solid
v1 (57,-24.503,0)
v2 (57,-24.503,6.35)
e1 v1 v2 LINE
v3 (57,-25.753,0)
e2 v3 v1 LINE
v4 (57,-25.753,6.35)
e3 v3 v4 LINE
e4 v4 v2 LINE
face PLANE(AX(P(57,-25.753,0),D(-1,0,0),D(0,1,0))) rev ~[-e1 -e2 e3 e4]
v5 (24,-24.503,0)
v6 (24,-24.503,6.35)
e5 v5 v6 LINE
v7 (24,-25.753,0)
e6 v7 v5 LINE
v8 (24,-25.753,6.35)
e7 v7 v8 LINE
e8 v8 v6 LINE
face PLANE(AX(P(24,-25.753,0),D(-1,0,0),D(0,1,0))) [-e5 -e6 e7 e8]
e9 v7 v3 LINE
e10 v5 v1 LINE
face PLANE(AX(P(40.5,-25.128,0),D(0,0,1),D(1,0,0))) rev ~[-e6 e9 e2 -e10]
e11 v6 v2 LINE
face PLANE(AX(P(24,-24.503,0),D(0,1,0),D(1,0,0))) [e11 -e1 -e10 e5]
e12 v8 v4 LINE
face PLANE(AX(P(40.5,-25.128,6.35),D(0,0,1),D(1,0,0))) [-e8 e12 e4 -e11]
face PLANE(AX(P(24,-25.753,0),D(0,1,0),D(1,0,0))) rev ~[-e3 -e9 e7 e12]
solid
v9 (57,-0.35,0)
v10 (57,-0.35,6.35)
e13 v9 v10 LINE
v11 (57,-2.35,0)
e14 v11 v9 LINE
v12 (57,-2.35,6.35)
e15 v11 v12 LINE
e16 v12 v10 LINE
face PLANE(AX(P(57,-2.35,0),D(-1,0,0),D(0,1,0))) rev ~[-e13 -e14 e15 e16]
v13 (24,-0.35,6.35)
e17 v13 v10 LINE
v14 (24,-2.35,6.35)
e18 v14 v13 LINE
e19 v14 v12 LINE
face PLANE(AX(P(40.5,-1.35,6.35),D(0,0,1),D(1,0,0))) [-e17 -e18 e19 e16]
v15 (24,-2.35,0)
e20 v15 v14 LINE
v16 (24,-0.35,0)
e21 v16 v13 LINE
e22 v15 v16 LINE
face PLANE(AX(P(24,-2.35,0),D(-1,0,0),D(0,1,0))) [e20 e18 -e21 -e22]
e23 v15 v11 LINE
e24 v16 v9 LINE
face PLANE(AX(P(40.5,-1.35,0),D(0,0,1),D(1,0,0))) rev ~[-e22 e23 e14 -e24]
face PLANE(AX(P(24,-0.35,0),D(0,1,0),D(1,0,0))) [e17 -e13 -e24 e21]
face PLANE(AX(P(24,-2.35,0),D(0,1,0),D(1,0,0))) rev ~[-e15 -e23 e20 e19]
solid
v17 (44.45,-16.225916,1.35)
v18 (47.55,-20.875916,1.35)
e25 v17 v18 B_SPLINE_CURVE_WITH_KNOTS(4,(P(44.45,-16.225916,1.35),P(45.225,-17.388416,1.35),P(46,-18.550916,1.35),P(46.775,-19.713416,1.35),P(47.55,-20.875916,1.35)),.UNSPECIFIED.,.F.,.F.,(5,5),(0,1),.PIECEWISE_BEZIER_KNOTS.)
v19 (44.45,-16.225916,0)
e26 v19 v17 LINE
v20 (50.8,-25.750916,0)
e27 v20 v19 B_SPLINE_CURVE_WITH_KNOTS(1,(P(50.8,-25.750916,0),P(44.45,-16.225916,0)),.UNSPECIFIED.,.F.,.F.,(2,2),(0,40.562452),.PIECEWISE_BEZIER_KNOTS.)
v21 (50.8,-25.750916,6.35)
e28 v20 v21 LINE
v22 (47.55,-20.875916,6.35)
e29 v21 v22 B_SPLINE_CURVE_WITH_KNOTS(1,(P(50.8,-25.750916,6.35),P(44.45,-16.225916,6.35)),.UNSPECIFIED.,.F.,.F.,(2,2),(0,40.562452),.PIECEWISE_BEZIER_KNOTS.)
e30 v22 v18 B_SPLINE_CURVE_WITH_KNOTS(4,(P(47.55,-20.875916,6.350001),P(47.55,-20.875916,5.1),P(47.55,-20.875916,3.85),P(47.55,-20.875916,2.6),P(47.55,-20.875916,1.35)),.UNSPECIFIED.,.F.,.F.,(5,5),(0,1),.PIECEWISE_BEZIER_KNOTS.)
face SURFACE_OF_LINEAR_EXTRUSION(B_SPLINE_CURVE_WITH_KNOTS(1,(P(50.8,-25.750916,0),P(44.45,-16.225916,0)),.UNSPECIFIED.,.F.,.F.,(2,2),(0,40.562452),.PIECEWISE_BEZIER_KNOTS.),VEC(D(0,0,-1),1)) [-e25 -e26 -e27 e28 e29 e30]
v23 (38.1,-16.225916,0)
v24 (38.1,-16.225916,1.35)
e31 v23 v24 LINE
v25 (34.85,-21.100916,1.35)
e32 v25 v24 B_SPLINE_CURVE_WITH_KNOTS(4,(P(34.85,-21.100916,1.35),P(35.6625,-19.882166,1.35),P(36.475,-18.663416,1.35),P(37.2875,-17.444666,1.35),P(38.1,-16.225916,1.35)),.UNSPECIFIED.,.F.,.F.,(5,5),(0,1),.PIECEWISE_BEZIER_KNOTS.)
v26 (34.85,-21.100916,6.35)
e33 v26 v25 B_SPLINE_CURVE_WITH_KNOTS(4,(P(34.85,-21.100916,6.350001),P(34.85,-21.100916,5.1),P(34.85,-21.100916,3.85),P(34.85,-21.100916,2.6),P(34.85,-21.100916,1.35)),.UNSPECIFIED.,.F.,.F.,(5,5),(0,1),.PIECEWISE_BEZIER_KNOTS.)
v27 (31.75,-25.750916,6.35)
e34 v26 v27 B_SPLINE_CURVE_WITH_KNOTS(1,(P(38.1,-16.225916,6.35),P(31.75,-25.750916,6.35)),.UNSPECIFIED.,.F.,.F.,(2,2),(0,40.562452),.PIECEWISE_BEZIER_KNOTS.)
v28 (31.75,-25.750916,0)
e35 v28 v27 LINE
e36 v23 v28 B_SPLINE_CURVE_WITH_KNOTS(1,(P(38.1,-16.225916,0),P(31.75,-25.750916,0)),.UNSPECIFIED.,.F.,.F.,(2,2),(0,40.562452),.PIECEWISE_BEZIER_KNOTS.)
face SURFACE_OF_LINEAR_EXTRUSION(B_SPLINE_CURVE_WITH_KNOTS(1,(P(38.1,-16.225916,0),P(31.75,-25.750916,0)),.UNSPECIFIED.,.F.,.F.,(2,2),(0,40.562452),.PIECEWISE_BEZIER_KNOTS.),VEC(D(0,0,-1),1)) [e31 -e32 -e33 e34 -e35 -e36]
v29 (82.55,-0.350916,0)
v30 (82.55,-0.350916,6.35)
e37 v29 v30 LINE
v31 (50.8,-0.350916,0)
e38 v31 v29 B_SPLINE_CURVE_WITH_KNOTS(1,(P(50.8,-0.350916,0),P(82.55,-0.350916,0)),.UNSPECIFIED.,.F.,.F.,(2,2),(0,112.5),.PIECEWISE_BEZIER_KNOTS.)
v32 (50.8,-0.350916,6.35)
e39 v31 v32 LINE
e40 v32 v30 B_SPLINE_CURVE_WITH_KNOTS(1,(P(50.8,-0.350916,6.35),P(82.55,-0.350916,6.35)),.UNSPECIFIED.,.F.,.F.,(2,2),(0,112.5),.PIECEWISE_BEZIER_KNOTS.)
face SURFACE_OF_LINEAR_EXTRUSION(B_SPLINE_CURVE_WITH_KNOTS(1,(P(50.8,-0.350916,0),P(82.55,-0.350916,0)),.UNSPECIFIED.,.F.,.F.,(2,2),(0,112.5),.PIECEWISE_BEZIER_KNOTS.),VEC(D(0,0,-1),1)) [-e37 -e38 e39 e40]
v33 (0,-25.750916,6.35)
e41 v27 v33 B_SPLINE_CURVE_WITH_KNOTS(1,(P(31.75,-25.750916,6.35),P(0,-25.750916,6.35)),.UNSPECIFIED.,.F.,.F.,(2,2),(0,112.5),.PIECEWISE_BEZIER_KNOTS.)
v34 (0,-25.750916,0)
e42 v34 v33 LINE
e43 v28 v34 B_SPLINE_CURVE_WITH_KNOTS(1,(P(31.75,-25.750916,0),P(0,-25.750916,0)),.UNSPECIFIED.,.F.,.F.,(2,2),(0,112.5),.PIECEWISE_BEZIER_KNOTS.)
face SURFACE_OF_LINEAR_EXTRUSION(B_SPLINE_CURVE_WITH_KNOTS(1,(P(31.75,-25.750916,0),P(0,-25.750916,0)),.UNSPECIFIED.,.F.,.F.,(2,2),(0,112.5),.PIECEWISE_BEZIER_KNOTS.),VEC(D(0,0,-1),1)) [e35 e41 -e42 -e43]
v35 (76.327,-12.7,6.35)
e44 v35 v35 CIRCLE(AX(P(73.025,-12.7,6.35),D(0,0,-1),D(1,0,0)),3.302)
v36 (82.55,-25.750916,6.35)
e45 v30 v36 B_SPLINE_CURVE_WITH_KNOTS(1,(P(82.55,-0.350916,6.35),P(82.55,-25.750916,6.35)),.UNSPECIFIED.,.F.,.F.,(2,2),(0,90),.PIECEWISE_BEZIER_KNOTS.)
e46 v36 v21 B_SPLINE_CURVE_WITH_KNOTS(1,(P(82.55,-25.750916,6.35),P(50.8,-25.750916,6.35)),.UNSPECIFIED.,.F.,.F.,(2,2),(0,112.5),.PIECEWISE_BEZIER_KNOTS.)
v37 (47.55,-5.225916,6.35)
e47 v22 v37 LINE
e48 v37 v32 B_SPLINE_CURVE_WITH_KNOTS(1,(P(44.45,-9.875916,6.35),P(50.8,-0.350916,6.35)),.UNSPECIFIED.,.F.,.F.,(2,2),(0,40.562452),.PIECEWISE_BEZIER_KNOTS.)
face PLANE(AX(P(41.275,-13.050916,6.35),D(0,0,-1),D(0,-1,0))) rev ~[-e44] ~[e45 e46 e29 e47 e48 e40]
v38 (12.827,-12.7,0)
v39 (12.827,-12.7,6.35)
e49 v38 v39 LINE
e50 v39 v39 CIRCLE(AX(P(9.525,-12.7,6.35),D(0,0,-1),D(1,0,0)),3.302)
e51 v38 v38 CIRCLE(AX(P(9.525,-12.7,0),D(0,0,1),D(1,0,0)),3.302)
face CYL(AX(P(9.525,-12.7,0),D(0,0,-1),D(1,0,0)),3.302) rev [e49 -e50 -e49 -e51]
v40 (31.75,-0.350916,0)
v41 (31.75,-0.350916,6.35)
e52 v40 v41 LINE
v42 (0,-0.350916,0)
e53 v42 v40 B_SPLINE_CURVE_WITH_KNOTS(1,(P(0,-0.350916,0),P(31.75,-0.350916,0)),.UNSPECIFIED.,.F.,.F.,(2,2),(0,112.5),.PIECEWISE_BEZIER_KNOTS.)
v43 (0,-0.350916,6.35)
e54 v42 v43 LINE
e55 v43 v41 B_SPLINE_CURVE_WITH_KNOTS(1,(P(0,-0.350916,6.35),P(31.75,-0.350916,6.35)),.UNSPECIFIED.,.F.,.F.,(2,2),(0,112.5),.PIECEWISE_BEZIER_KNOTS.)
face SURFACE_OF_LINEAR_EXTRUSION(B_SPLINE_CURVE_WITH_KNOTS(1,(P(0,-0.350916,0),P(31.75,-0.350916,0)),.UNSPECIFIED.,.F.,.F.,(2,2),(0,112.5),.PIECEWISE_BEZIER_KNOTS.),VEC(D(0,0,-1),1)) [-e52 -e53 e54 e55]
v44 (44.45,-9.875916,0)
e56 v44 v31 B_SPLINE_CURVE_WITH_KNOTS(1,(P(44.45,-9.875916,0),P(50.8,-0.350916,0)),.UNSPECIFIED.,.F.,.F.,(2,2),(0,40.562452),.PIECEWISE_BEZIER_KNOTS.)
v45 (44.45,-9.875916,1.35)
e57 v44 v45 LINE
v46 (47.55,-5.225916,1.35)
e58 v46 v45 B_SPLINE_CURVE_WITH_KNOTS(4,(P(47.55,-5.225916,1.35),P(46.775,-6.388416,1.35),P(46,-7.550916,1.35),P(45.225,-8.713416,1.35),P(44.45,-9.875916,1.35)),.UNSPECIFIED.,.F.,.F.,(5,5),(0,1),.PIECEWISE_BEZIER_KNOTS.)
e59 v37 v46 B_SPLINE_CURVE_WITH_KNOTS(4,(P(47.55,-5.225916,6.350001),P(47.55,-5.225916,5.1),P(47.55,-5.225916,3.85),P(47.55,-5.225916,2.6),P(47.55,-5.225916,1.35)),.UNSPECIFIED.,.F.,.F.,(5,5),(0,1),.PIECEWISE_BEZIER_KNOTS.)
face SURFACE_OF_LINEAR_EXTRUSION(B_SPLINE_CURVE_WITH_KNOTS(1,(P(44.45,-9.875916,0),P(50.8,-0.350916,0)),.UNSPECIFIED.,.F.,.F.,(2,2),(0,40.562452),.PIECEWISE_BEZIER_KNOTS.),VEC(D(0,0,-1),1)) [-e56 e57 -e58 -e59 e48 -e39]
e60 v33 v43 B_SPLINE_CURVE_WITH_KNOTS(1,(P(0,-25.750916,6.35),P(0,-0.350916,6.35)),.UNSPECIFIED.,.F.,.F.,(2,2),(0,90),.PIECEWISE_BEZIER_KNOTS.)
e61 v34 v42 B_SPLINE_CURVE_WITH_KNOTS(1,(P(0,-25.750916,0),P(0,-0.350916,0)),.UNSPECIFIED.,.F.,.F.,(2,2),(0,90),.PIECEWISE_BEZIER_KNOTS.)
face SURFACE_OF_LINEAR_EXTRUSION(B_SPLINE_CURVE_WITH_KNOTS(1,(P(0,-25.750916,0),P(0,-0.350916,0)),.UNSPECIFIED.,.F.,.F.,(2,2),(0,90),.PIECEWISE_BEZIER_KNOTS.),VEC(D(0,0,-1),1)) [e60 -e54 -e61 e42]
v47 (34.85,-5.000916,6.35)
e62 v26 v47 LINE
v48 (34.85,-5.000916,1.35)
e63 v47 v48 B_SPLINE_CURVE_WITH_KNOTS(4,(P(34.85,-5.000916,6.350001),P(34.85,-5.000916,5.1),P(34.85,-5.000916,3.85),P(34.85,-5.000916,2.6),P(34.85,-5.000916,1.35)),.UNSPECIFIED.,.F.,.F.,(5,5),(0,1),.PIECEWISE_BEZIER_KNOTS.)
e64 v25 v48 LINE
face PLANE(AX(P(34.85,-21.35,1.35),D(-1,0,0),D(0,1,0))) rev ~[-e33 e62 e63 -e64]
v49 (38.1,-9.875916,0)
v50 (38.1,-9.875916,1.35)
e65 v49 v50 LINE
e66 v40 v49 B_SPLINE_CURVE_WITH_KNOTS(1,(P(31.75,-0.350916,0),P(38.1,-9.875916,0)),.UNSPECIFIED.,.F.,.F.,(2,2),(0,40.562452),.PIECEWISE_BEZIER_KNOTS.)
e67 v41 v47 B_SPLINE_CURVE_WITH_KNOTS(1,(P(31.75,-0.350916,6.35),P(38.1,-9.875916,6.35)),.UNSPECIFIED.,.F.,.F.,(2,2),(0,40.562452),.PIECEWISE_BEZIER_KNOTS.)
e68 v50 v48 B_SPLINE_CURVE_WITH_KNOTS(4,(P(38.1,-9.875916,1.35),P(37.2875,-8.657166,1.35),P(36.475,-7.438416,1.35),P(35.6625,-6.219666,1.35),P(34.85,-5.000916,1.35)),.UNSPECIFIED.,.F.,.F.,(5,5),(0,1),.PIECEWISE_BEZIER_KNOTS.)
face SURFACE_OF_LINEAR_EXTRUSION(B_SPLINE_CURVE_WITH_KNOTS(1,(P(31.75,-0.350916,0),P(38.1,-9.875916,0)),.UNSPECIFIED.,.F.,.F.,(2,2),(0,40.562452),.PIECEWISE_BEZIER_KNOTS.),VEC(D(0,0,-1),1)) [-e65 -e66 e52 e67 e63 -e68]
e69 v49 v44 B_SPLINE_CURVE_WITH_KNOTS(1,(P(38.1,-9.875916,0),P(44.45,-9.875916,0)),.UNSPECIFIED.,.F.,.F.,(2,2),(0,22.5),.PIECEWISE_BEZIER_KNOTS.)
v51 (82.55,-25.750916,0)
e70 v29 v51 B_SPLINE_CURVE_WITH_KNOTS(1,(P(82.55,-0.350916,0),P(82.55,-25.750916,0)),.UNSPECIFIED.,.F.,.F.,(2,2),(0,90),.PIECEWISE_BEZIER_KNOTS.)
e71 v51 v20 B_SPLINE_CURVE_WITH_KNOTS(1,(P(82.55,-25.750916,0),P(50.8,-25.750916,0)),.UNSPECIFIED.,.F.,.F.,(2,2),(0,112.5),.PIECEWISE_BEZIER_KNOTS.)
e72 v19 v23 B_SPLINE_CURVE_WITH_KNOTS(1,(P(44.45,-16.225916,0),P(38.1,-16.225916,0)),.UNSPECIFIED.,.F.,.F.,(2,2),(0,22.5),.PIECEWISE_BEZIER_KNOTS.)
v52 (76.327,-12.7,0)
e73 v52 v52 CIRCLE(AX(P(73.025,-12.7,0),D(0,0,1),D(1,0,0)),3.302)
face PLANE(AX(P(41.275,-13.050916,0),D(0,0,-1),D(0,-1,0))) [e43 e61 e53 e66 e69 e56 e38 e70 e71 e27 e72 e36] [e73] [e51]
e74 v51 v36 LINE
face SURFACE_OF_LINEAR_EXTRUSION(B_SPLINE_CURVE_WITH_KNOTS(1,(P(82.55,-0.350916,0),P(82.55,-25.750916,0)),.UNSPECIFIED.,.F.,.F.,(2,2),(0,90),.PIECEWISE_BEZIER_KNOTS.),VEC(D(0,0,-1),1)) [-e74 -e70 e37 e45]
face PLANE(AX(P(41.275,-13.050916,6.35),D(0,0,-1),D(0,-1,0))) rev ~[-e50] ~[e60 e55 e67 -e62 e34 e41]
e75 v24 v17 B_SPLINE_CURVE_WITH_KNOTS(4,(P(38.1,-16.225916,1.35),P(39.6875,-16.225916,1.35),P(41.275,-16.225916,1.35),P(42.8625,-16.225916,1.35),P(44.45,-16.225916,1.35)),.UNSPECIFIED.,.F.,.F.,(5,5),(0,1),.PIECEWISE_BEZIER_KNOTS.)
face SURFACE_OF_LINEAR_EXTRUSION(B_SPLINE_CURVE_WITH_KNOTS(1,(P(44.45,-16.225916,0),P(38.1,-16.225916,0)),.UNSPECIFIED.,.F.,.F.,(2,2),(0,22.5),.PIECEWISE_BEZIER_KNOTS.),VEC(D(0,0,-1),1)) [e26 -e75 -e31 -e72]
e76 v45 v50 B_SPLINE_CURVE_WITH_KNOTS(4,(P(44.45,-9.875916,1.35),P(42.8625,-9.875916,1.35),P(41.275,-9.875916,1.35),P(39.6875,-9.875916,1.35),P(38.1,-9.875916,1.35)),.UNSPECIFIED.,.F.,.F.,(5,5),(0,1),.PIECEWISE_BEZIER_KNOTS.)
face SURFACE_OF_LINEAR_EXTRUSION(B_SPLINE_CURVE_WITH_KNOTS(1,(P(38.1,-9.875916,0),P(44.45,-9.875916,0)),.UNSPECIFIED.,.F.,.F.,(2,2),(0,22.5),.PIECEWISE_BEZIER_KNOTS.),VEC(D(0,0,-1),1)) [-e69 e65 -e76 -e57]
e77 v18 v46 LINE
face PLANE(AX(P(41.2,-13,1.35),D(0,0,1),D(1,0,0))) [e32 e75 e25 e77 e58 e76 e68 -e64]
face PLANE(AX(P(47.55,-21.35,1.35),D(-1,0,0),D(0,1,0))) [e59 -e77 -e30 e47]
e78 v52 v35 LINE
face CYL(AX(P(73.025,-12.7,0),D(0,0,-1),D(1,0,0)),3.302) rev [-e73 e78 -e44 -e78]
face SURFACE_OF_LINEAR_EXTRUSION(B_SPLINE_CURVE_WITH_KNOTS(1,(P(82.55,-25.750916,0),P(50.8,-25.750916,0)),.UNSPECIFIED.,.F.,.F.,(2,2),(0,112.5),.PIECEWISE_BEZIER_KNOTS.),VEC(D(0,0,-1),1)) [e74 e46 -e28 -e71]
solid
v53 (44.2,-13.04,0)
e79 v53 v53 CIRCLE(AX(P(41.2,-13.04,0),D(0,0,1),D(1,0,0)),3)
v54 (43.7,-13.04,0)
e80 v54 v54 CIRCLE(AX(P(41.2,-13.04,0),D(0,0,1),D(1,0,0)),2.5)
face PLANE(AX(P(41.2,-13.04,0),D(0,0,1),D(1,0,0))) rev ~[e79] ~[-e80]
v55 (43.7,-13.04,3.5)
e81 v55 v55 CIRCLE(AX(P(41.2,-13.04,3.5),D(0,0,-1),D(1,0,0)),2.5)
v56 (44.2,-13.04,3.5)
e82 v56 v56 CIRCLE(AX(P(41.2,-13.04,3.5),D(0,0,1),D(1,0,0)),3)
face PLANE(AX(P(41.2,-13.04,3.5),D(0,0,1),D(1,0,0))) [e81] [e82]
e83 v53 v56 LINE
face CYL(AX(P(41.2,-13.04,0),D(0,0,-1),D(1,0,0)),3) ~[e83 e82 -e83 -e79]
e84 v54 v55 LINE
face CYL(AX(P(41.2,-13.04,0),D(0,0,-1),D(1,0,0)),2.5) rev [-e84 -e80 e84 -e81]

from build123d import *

# Parameters (mm, degrees)
BOX_W             = 33
BOX_H             = 2
BOX_DEPTH         = 6.35
BOX001_W          = 33
BOX001_H          = 1.25
BOX001_DEPTH      = 6.35
CYLINDER001_R     = 3.302
CYLINDER001_DEPTH = 10
BOX002_W          = 12.7
BOX002_H          = 16.7
BOX002_DEPTH      = 17
CYLINDER_R        = 3.302
CYLINDER_DEPTH    = 10
EXTRUDE_DEPTH     = 6.35
CYLINDER003_R     = 2.5
CYLINDER003_DEPTH = 16
CYLINDER002_R     = 3
CYLINDER002_DEPTH = 3.5


with BuildPart() as support1:
    # Box → Box (new body)
    with BuildSketch(Plane(origin=(24, -2.35, 0), x_dir=(1, 0, 0), z_dir=(0, 0, 1))):
        with Locations((16.5, 1)):
            Rectangle(BOX_W, BOX_H)
    extrude(amount=BOX_DEPTH)


with BuildPart() as support2:
    # Box001 → Box001 (new body)
    with BuildSketch(Plane(origin=(24, -25.753, 0), x_dir=(1, 0, 0), z_dir=(0, 0, 1))):
        with Locations((16.5, 0.625)):
            Rectangle(BOX001_W, BOX001_H)
    extrude(amount=BOX001_DEPTH)


with BuildPart() as hole2:
    # Cylinder001 → Cylinder001 (new body)
    with BuildSketch(Plane(origin=(73.025, -12.7, 0), x_dir=(1, 0, 0), z_dir=(0, 0, 1))):
        Circle(CYLINDER001_R)
    extrude(amount=CYLINDER001_DEPTH)


with BuildPart() as thinner:
    # Box002 → Box002 (new body)
    with BuildSketch(Plane(origin=(34.85, -21.35, 1.35), x_dir=(1, 0, 0), z_dir=(0, 0, 1))):
        with Locations((6.35, 8.35)):
            Rectangle(BOX002_W, BOX002_H)
    extrude(amount=BOX002_DEPTH)


with BuildPart() as fusion:
    # Cylinder → Cylinder (new body)
    with BuildSketch(Plane(origin=(9.525, -12.7, 0), x_dir=(1, 0, 0), z_dir=(0, 0, 1))):
        Circle(CYLINDER_R)
    extrude(amount=CYLINDER_DEPTH)

    # Fusion: union Hole2, Thinner
    add(hole2.part)
    add(thinner.part)


with BuildPart() as cut:
    # rect3338 → Extrude (new body)
    with BuildSketch(Plane(origin=(41.275, -13.050916, 0), x_dir=(0, -1, 0), z_dir=(0, 0, -1))):
        with BuildLine():
            add(Edge.make_bspline(
                [(-12.7, 41.275), (-12.7, 9.525)],
                knots=[0, 0, 112.5, 112.5], degree=1))
            add(Edge.make_bspline(
                [(-12.7, 9.525), (-3.175, 3.175)],
                knots=[0, 0, 40.562452, 40.562452], degree=1))
            add(Edge.make_bspline(
                [(-3.175, 3.175), (-3.175, -3.175)],
                knots=[0, 0, 22.5, 22.5], degree=1))
            add(Edge.make_bspline(
                [(-3.175, -3.175), (-12.7, -9.525)],
                knots=[0, 0, 40.562452, 40.562452], degree=1))
            add(Edge.make_bspline(
                [(-12.7, -9.525), (-12.7, -41.275)],
                knots=[0, 0, 112.5, 112.5], degree=1))
            add(Edge.make_bspline(
                [(-12.7, -41.275), (12.7, -41.275)],
                knots=[0, 0, 90, 90], degree=1))
            add(Edge.make_bspline(
                [(12.7, -41.275), (12.7, -9.525)],
                knots=[0, 0, 112.5, 112.5], degree=1))
            add(Edge.make_bspline(
                [(12.7, -9.525), (3.175, -3.175)],
                knots=[0, 0, 40.562452, 40.562452], degree=1))
            add(Edge.make_bspline(
                [(3.175, -3.175), (3.175, 3.175)],
                knots=[0, 0, 22.5, 22.5], degree=1))
            add(Edge.make_bspline(
                [(3.175, 3.175), (12.7, 9.525)],
                knots=[0, 0, 40.562452, 40.562452], degree=1))
            add(Edge.make_bspline(
                [(12.7, 9.525), (12.7, 41.275)],
                knots=[0, 0, 112.5, 112.5], degree=1))
            add(Edge.make_bspline(
                [(12.7, 41.275), (-12.7, 41.275)],
                knots=[0, 0, 90, 90], degree=1))
        make_face()
    extrude(amount=-EXTRUDE_DEPTH)

    # Cut: cut Fusion
    add(fusion.part, mode=Mode.SUBTRACT)


with BuildPart() as cylinder001:
    # Cylinder003 → Cylinder003 (new body)
    with BuildSketch(Plane(origin=(41.2, -13.04, 0), x_dir=(1, 0, 0), z_dir=(0, 0, 1))):
        Circle(CYLINDER003_R)
    extrude(amount=CYLINDER003_DEPTH)


with BuildPart() as cut001:
    # Cylinder002 → Cylinder002 (new body)
    with BuildSketch(Plane(origin=(41.2, -13.04, 0), x_dir=(1, 0, 0), z_dir=(0, 0, 1))):
        Circle(CYLINDER002_R)
    extrude(amount=CYLINDER002_DEPTH)

    # Cut001: cut Cylinder001
    add(cylinder001.part, mode=Mode.SUBTRACT)


solid = Compound([support1.part, support2.part, cut.part, cut001.part])
